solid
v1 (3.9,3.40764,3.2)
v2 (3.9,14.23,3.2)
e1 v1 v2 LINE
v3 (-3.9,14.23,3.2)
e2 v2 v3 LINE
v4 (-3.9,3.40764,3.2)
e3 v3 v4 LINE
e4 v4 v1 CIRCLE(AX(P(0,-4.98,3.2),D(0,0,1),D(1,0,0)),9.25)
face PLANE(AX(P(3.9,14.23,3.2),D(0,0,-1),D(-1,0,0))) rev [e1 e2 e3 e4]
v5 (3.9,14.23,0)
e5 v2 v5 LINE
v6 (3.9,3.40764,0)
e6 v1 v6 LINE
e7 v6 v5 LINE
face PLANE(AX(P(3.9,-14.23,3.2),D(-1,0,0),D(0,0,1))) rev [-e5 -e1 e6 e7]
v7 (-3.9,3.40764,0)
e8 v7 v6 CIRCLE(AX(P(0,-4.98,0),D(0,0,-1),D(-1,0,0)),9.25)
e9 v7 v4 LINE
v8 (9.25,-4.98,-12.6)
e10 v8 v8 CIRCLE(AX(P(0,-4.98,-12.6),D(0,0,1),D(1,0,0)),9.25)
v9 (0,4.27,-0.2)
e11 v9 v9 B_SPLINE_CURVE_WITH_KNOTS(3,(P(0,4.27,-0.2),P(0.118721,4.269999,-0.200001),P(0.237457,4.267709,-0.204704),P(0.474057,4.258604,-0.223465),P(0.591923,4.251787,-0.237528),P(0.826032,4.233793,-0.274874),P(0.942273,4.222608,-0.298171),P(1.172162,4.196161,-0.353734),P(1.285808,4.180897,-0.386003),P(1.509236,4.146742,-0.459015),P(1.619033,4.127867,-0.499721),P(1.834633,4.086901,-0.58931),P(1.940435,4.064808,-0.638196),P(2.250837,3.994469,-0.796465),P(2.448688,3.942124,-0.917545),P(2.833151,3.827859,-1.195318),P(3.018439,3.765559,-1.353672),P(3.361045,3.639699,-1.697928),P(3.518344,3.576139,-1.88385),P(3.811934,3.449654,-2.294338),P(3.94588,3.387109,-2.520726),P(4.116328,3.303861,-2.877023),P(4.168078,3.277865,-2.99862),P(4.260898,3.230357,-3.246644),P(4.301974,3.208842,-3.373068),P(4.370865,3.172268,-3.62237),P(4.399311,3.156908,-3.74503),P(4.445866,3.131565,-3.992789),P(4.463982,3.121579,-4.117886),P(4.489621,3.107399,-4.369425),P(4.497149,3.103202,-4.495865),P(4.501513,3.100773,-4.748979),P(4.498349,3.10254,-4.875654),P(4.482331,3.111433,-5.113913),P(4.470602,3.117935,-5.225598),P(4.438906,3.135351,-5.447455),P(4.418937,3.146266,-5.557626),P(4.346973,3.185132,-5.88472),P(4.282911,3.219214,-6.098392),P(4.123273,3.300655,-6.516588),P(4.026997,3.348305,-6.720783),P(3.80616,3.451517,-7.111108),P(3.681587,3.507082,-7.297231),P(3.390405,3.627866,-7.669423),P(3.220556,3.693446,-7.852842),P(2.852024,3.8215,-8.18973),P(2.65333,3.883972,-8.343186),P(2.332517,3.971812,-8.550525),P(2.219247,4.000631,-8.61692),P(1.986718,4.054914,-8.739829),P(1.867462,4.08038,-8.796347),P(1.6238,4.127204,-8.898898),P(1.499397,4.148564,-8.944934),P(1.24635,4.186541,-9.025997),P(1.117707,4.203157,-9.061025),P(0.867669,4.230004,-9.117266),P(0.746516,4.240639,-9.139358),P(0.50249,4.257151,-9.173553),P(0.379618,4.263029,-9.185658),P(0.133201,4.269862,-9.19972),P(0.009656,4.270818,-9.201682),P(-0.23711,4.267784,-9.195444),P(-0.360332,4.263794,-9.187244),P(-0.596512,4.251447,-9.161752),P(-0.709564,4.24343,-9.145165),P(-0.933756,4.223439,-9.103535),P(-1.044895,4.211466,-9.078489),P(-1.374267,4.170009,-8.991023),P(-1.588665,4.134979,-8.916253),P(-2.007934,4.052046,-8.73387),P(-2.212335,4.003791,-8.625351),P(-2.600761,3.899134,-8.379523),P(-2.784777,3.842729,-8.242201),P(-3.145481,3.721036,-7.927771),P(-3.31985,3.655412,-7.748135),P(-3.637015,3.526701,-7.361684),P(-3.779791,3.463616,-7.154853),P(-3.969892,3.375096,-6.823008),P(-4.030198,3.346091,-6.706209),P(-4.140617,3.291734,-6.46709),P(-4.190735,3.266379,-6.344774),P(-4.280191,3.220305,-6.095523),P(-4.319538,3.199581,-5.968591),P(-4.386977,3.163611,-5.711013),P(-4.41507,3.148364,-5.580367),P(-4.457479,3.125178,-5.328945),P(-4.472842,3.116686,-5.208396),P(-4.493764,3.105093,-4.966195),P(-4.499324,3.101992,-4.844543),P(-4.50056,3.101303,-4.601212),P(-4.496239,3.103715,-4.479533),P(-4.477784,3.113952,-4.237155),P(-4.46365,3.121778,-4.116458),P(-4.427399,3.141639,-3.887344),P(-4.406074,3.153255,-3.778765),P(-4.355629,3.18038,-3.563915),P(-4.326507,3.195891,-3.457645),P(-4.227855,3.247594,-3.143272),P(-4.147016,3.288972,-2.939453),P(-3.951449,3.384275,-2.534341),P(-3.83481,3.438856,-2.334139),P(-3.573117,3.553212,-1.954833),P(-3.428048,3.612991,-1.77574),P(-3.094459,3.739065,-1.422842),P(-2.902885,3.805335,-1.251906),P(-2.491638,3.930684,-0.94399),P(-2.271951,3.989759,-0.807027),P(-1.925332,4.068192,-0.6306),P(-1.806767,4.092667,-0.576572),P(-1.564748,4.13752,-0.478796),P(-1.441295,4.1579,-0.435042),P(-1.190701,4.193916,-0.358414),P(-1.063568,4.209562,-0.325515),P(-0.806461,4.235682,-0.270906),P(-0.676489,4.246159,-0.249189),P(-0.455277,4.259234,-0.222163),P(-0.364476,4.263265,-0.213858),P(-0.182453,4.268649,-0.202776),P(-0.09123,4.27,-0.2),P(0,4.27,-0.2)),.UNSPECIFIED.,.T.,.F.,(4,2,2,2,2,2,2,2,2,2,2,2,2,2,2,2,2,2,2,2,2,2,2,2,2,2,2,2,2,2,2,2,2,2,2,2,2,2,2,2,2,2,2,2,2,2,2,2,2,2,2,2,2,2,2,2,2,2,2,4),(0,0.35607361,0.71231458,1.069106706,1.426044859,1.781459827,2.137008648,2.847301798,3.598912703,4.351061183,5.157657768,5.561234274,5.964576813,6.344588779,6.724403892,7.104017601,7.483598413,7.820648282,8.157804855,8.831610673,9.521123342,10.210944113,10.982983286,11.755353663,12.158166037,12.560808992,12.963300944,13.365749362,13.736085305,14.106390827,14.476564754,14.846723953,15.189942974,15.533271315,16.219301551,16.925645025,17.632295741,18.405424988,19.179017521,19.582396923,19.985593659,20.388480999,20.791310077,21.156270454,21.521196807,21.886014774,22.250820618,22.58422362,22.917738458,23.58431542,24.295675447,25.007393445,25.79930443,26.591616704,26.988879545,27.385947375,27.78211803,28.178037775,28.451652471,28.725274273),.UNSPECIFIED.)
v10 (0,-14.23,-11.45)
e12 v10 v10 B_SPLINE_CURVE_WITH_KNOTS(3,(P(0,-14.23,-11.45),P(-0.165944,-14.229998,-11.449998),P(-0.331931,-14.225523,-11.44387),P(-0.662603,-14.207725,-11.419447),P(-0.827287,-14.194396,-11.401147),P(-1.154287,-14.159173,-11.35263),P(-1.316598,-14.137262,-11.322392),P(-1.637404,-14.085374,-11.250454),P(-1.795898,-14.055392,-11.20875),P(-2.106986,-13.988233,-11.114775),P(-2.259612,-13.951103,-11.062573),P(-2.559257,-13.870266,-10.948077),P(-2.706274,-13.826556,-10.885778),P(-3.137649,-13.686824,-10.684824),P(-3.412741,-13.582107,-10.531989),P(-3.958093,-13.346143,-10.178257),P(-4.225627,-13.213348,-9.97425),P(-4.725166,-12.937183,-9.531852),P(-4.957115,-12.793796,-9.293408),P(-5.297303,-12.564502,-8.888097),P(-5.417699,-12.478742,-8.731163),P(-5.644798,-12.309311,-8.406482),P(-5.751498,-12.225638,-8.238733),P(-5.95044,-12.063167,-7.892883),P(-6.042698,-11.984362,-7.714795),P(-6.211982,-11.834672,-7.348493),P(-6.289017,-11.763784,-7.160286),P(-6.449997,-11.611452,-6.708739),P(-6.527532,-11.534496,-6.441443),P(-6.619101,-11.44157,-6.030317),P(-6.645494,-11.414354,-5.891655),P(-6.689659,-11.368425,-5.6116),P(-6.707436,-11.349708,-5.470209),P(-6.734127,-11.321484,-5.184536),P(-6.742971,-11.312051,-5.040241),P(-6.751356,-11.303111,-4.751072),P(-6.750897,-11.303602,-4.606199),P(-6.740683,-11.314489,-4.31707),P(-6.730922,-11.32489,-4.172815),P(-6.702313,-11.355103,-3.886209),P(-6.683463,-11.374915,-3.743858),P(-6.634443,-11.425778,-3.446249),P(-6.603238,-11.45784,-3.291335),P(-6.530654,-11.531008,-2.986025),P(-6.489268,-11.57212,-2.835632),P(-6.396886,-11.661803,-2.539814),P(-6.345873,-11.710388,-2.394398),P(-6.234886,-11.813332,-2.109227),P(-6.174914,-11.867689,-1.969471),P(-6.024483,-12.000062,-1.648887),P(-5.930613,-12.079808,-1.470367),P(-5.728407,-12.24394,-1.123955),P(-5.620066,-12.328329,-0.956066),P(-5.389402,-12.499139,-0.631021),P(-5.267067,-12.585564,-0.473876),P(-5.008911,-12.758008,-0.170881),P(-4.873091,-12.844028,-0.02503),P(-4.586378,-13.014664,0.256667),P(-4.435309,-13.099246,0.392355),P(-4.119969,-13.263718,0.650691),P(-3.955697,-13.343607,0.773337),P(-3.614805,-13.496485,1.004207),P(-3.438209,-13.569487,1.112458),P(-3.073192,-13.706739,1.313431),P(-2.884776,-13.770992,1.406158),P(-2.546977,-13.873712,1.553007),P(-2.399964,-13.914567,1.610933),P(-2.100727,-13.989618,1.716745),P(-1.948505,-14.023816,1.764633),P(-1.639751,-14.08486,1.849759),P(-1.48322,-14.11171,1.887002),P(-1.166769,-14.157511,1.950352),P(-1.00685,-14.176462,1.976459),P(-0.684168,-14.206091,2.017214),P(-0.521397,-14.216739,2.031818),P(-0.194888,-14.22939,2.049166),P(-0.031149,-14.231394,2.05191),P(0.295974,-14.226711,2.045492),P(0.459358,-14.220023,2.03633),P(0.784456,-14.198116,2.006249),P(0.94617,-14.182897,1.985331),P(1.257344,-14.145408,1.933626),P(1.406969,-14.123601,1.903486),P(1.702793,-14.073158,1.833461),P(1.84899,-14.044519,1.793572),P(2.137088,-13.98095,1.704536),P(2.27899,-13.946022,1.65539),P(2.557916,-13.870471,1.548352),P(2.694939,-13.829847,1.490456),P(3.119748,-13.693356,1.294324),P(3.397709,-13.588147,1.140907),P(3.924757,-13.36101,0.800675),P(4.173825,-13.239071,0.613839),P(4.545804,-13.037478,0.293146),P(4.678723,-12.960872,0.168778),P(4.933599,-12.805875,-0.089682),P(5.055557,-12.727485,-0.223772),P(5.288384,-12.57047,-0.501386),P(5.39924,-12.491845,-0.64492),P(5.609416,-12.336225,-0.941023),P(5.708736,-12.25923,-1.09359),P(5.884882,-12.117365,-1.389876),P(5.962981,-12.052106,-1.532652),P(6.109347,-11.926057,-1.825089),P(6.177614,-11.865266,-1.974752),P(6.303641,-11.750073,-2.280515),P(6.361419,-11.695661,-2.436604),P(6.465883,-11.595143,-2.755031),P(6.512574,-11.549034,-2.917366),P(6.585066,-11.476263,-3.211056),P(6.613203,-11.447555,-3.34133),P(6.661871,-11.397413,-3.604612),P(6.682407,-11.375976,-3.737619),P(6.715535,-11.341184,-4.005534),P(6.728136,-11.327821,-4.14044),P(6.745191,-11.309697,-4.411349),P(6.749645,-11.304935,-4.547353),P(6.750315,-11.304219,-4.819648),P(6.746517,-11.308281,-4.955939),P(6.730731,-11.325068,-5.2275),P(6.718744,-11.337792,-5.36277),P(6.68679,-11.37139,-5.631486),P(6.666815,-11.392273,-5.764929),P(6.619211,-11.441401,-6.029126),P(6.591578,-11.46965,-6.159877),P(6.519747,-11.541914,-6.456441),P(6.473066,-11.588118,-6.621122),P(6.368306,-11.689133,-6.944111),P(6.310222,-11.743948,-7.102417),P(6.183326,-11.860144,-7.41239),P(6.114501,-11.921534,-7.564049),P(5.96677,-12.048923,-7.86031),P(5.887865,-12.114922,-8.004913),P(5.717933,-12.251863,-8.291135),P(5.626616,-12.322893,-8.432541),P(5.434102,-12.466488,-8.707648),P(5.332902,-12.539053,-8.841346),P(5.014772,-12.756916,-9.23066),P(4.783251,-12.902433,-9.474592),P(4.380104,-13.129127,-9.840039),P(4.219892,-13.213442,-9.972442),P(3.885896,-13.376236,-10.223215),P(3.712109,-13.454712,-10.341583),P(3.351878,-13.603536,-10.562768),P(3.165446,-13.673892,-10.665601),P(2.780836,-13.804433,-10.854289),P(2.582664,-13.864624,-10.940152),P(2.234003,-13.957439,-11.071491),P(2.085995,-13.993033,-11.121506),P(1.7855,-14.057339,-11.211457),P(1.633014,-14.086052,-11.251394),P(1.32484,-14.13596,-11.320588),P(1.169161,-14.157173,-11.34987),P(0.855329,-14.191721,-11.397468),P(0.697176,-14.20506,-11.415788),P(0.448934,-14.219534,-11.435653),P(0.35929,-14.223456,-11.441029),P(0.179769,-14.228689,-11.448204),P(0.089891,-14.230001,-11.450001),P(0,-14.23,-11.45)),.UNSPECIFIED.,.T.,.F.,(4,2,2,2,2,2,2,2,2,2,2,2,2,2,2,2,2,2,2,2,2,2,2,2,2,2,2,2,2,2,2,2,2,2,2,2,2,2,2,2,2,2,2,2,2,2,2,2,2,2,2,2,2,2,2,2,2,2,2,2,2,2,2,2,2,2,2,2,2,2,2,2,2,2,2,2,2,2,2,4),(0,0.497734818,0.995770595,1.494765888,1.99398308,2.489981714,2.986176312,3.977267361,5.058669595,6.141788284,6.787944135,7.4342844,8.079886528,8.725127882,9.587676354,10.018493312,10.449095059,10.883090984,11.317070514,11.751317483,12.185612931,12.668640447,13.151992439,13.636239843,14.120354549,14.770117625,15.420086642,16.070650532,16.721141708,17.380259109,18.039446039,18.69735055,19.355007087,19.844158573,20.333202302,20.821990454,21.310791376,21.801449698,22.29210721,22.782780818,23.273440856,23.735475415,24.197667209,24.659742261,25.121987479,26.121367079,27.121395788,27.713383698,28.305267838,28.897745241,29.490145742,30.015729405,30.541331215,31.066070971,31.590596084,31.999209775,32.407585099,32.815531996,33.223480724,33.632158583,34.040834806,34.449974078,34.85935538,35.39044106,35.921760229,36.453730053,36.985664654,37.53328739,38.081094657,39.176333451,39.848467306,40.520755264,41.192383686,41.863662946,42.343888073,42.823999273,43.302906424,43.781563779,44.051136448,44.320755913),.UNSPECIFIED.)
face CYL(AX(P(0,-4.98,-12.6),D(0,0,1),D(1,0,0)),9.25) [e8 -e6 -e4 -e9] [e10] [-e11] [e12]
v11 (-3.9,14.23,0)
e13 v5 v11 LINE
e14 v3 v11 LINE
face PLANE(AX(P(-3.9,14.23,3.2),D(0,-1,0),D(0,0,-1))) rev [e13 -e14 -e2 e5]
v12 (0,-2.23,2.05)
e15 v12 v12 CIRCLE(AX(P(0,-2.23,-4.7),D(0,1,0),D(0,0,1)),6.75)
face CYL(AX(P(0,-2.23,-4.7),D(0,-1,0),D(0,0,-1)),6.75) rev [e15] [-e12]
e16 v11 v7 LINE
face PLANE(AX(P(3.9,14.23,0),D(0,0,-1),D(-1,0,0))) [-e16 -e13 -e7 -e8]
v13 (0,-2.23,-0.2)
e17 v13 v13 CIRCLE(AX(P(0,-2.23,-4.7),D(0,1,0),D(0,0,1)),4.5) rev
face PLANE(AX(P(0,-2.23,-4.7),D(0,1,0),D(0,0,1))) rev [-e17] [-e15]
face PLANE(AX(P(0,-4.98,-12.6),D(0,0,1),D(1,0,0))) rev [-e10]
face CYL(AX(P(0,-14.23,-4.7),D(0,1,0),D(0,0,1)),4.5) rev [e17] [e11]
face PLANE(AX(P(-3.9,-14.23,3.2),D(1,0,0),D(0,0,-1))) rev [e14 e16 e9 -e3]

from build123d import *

# Parameters (mm, degrees)
SKETCH_1_W          = 7.8
SKETCH_1_H          = 28.46
EXTRUDE_1_DEPTH     = 3.2
SKETCH_4_W          = 7.8
SKETCH_4_H          = 7.178435562
CUT_EXTRUDE_1_DEPTH = 16.097777982
SKETCH_2_R          = 9.25
EXTRUDE_2_DEPTH     = 15.8
SKETCH_5_R          = 4.5
CUT_EXTRUDE_2_DEPTH = 33.469895288
SKETCH_6_R          = 6.75
CUT_EXTRUDE_3_DEPTH = 12


with BuildPart() as part:
    # 草图1 → 凸台-拉伸1 (new body)
    with BuildSketch(Plane.XY):
        Rectangle(SKETCH_1_W, SKETCH_1_H)
    extrude(amount=EXTRUDE_1_DEPTH)

    # 草图4 → 切除-拉伸1 (cut, through all)
    with BuildSketch(Plane(origin=(0, 0, 0), x_dir=(-1, 0, 0), z_dir=(0, 0, -1))):
        with Locations((0, -10.640782219)):
            Rectangle(SKETCH_4_W, SKETCH_4_H)
    extrude(amount=-CUT_EXTRUDE_1_DEPTH, mode=Mode.SUBTRACT)

    # 草图2 → 凸台-拉伸2 (add)
    with BuildSketch(Plane.XY.offset(3.2)):
        with Locations((0, -4.98)):
            Circle(SKETCH_2_R)
    extrude(amount=-EXTRUDE_2_DEPTH)

    # 草图5 → 切除-拉伸2 (cut, through all)
    with BuildSketch(Plane(origin=(0, 14.23, 0), x_dir=(1, 0, 0), z_dir=(0, 1, 0))):
        with Locations(Location((0, 4.7, 0), (0, 0, 270))):
            Circle(SKETCH_5_R)
    extrude(amount=-CUT_EXTRUDE_2_DEPTH, mode=Mode.SUBTRACT)

    # 草图6 → 切除-拉伸3 (cut)
    with BuildSketch(Plane(origin=(0, -14.23, 0), x_dir=(-1, 0, 0), z_dir=(0, 1, 0))):
        with Locations(Location((0, -4.7, 0), (0, 0, 270))):
            Circle(SKETCH_6_R)
    extrude(amount=CUT_EXTRUDE_3_DEPTH, mode=Mode.SUBTRACT)


solid = part.part
